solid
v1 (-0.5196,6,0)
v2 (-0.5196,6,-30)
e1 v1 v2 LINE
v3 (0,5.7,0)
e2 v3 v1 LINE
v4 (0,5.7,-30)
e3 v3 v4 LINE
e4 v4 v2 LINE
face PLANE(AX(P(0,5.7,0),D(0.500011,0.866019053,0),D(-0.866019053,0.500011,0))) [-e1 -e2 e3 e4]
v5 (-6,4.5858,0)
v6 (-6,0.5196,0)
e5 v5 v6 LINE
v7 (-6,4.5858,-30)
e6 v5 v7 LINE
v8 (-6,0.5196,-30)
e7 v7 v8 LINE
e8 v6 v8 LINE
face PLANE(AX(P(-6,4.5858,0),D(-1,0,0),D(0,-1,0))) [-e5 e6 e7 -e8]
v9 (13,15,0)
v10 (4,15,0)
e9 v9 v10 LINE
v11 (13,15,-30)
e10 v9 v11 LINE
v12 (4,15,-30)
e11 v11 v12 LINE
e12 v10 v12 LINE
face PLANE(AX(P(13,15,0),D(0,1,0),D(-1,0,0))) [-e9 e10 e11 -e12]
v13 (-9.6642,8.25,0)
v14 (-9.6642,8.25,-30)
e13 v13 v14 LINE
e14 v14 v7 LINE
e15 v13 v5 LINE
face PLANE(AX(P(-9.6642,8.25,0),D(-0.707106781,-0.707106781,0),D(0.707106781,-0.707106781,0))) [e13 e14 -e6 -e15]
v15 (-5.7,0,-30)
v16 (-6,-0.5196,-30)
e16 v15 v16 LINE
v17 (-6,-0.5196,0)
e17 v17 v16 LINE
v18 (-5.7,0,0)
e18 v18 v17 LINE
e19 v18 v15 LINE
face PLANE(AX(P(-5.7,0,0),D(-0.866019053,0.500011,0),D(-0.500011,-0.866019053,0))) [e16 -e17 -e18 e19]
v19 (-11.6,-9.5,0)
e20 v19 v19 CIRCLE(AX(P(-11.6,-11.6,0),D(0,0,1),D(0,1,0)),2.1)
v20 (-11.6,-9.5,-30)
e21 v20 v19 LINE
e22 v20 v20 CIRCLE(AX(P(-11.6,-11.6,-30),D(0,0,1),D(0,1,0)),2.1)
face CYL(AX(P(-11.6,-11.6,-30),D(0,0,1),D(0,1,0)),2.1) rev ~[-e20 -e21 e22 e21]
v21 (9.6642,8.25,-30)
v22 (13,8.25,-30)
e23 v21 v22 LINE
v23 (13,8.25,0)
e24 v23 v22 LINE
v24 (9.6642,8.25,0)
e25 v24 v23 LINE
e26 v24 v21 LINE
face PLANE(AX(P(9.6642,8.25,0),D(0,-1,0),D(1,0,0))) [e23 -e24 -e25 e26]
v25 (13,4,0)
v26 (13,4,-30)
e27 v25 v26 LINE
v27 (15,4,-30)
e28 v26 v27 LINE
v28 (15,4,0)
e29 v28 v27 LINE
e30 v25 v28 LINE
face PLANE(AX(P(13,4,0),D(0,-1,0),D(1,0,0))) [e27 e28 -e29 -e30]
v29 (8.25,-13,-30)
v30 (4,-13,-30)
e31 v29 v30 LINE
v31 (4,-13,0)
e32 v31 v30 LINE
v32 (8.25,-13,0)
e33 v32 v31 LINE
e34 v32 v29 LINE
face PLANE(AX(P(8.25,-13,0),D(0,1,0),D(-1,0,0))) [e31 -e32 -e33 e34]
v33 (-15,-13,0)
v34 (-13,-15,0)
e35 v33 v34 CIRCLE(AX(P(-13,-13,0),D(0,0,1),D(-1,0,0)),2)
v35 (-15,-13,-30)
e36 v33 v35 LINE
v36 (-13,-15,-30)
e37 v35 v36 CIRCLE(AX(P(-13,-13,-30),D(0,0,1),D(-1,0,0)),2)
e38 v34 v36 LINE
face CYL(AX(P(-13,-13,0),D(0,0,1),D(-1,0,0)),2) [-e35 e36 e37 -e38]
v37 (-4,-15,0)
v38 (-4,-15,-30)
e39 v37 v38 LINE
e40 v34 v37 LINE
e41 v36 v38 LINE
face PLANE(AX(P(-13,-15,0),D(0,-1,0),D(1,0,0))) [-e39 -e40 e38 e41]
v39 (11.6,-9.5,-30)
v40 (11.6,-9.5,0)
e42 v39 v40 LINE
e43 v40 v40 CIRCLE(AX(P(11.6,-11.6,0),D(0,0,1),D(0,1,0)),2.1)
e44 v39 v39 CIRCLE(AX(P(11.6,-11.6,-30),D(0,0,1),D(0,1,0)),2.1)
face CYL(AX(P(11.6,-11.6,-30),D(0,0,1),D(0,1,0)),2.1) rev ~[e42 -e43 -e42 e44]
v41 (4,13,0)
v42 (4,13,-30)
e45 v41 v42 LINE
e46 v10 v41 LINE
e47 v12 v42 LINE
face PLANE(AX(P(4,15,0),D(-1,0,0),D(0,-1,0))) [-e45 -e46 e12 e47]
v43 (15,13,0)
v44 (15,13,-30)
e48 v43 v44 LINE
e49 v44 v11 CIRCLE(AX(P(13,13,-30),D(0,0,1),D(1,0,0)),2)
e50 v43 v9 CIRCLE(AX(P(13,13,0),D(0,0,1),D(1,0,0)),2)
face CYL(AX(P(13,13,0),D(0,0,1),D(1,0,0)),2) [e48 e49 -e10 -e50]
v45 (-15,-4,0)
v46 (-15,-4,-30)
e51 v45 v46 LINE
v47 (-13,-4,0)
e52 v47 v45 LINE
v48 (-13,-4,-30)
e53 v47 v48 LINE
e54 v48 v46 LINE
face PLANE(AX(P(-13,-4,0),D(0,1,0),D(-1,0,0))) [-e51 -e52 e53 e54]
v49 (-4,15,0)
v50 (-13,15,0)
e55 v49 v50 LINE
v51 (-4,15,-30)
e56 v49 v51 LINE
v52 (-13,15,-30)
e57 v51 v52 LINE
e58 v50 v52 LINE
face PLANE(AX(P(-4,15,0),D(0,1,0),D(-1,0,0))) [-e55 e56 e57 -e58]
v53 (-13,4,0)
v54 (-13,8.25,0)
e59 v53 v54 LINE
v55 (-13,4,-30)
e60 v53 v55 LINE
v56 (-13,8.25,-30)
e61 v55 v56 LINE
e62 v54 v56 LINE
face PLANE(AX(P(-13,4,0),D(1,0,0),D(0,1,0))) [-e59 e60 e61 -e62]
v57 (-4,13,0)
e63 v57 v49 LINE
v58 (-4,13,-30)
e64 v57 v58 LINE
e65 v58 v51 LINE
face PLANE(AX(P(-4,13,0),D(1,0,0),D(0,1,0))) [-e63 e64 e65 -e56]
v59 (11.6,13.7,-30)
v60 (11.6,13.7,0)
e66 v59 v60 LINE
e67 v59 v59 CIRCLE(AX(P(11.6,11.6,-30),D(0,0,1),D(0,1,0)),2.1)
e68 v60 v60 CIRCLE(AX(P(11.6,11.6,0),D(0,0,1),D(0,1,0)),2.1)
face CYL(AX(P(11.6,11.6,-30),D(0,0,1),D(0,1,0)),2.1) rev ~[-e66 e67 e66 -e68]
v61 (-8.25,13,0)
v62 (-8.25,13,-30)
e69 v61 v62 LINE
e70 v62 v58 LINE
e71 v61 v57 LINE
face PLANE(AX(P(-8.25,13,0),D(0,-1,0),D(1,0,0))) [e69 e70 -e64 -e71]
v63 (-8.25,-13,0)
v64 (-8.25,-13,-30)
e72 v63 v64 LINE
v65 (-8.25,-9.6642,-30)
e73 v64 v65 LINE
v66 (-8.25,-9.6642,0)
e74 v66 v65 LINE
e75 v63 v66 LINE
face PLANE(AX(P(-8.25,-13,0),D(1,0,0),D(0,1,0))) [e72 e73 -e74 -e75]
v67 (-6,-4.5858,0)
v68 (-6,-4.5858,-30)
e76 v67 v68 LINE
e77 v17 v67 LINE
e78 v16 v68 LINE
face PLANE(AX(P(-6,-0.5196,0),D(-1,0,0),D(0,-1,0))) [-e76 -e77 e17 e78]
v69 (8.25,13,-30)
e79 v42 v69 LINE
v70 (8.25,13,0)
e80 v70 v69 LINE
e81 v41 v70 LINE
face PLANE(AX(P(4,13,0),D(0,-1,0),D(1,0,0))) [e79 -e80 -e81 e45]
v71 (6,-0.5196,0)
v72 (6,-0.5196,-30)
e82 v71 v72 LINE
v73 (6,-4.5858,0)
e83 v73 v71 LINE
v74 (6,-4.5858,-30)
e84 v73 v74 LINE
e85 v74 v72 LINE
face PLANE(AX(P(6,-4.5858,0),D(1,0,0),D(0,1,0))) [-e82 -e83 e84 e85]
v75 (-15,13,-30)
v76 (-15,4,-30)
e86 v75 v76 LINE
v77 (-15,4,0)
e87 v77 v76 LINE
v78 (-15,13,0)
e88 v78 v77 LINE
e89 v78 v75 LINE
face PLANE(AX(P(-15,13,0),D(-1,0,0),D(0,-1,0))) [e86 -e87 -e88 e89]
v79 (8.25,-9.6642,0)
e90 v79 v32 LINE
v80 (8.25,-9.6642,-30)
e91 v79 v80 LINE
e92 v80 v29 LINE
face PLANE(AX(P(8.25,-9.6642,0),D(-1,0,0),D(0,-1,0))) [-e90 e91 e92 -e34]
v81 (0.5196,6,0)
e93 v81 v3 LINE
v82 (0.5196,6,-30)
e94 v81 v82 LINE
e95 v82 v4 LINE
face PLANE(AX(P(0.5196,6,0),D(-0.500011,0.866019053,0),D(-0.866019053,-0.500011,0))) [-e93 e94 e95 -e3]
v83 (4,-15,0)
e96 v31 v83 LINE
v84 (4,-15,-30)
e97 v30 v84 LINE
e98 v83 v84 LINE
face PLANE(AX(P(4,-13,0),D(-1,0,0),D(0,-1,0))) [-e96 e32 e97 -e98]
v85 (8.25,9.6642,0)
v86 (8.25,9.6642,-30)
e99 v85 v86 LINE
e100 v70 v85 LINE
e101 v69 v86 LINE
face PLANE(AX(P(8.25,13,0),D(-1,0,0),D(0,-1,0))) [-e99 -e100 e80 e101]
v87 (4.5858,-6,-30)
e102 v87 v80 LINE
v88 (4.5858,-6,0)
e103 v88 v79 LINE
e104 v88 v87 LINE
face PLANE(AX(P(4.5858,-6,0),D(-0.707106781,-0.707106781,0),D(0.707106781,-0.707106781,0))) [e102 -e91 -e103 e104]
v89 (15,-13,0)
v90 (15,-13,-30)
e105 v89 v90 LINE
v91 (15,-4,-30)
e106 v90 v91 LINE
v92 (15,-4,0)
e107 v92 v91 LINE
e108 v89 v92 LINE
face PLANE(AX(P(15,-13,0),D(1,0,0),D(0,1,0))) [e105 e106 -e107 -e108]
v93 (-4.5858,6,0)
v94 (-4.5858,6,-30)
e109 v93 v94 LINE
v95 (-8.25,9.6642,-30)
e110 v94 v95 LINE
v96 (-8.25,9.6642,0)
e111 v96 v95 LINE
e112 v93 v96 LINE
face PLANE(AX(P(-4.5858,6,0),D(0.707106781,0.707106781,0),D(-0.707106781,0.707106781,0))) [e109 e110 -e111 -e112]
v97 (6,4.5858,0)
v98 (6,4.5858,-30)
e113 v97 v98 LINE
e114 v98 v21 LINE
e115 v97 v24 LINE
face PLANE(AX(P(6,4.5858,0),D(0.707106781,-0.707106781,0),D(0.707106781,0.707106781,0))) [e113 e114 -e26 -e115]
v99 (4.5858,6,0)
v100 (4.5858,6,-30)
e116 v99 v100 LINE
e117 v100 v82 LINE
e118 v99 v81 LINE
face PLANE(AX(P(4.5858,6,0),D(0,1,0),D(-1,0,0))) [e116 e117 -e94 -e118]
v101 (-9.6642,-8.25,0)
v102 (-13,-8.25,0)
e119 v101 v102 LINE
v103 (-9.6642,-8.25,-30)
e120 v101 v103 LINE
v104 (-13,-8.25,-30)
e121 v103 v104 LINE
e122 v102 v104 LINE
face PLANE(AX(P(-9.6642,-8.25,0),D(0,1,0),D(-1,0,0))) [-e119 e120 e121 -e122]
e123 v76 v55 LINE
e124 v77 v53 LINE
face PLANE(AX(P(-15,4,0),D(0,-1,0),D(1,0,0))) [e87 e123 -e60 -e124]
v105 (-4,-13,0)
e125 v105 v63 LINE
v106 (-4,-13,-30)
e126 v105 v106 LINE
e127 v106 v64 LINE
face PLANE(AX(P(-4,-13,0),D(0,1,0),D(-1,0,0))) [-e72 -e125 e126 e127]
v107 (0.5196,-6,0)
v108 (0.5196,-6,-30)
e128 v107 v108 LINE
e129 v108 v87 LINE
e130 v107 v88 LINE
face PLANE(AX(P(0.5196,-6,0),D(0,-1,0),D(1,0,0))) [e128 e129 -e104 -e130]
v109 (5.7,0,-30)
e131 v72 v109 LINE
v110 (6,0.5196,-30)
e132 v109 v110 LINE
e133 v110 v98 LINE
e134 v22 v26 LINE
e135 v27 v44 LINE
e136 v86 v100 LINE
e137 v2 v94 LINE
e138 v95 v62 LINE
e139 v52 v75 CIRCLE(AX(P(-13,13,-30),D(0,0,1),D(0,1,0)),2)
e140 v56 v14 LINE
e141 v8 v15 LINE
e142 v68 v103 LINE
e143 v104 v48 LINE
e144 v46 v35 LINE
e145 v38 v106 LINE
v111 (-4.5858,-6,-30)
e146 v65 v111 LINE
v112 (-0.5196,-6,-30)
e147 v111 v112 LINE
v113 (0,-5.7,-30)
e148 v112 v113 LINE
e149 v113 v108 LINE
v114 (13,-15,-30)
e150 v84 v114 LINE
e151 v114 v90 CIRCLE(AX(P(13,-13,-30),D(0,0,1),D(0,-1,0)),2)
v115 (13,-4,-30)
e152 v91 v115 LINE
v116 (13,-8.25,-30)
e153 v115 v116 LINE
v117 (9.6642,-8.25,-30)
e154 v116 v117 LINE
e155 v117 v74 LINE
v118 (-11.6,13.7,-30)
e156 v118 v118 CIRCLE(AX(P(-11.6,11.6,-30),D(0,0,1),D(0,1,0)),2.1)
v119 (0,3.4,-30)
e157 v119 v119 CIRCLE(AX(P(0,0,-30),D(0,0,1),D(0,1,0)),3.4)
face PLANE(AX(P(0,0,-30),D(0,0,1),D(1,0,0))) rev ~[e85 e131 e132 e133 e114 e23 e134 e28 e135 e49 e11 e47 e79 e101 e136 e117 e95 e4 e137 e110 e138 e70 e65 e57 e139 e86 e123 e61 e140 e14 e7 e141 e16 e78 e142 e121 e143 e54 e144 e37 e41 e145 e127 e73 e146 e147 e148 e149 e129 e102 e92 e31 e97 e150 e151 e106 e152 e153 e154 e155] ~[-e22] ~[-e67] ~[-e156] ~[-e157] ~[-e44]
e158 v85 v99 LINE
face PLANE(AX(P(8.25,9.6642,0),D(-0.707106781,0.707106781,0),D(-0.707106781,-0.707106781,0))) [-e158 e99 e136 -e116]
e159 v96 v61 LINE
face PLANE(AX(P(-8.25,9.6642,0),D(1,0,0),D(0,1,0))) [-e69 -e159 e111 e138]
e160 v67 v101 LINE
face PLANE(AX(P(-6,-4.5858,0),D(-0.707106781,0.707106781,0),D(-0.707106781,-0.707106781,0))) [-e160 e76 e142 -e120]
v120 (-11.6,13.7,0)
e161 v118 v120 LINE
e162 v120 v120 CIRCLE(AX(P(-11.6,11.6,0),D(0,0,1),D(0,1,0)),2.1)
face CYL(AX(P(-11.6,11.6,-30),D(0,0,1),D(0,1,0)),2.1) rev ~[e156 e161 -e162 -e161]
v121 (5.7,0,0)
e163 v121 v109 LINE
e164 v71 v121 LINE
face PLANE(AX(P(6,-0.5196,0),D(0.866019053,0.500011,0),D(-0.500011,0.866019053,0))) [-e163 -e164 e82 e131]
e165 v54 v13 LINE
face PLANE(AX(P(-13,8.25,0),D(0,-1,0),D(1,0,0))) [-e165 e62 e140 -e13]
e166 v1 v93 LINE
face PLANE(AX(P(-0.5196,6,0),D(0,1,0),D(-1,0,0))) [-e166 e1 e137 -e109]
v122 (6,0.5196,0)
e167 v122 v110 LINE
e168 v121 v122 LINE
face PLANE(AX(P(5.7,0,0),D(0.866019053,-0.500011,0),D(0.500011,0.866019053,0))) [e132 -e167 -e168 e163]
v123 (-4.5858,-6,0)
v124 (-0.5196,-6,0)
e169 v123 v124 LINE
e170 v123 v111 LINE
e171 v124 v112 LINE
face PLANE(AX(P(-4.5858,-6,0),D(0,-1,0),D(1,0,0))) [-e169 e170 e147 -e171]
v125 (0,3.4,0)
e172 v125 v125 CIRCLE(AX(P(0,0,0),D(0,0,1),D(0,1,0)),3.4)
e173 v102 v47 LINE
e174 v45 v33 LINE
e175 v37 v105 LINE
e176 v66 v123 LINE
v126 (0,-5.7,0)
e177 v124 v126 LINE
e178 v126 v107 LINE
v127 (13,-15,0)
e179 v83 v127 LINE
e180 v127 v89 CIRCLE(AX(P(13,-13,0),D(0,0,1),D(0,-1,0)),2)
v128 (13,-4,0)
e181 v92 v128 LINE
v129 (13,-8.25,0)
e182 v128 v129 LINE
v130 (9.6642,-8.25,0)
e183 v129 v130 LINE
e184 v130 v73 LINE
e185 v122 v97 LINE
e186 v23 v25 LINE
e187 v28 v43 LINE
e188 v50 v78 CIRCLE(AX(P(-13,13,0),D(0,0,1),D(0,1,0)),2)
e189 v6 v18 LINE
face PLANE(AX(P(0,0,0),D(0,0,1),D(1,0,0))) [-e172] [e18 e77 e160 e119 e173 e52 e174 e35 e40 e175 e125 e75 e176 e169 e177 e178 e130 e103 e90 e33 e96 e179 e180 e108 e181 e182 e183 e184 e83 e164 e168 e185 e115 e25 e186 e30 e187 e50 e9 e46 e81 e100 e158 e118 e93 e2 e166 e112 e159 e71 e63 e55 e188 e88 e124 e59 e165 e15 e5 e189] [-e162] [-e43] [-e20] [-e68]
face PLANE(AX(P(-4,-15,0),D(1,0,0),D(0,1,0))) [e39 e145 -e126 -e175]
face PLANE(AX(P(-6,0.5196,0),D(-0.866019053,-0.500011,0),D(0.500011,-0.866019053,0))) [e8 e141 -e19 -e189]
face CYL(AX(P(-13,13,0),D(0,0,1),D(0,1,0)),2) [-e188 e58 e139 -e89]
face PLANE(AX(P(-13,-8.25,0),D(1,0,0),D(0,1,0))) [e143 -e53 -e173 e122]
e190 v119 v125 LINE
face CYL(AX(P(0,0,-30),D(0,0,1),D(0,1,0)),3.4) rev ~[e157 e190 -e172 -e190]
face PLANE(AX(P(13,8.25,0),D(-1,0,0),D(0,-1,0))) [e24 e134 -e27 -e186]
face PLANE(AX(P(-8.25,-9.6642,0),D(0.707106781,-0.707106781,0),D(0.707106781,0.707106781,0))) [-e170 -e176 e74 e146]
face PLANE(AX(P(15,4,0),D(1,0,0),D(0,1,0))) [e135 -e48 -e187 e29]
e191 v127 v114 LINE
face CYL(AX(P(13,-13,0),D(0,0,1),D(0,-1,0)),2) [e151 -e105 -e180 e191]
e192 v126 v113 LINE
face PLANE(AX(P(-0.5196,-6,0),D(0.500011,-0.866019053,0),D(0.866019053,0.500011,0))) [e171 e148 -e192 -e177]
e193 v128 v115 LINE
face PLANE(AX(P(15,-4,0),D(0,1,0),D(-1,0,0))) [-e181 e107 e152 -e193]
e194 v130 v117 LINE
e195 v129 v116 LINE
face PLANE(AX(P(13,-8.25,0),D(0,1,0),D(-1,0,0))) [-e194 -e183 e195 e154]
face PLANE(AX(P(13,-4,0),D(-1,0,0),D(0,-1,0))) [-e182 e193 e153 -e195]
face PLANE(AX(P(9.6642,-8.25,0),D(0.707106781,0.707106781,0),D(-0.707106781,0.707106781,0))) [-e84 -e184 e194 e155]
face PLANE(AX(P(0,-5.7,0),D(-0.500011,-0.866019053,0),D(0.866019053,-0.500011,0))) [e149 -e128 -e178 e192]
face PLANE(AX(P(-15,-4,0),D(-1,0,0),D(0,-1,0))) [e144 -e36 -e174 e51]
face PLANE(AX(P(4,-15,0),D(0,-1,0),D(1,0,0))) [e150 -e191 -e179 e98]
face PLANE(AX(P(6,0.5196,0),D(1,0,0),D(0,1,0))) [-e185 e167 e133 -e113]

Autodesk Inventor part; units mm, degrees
sketch "Sketch_1" plane through (0, 0, 0) normal (0, 0, 1) x (1, 0, 0)
  line L0 (-15, 4) -> (-13, 4)
  line L1 (-13, 4) -> (-13, 8.25)
  line L2 (-13, 8.25) -> (-9.6642, 8.25)
  line L3 (-9.6642, 8.25) -> (-6, 4.5858)
  line L4 (-6, 4.5858) -> (-6, 0.5196)
  line L5 (-6, 0.5196) -> (-5.7, 0)
  line L6 (-5.7, 0) -> (-6, -0.5196)
  line L7 (-6, -0.5196) -> (-6, -4.5858)
  line L8 (-6, -4.5858) -> (-9.6642, -8.25)
  line L9 (-9.6642, -8.25) -> (-13, -8.25)
  line L10 (-13, -8.25) -> (-13, -4)
  line L11 (-13, -4) -> (-15, -4)
  line L12 (-15, -4) -> (-15, -13)
  arc A0 (-15, -13) -> (-13, -15) centre (-13, -13) ccw
  line L13 (-13, -15) -> (-4, -15)
  line L14 (-4, -15) -> (-4, -13)
  line L15 (-4, -13) -> (-8.25, -13)
  line L16 (-8.25, -13) -> (-8.25, -9.6642)
  line L17 (-8.25, -9.6642) -> (-4.5858, -6)
  line L18 (-4.5858, -6) -> (-0.5196, -6)
  line L19 (-0.5196, -6) -> (0, -5.7)
  line L20 (0, -5.7) -> (0.5196, -6)
  line L21 (0.5196, -6) -> (4.5858, -6)
  line L22 (4.5858, -6) -> (8.25, -9.6642)
  line L23 (8.25, -9.6642) -> (8.25, -13)
  line L24 (8.25, -13) -> (4, -13)
  line L25 (4, -13) -> (4, -15)
  line L26 (4, -15) -> (13, -15)
  arc A1 (13, -15) -> (15, -13) centre (13, -13) ccw
  line L27 (15, -13) -> (15, -4)
  line L28 (15, -4) -> (13, -4)
  line L29 (13, -4) -> (13, -8.25)
  line L30 (13, -8.25) -> (9.6642, -8.25)
  line L31 (9.6642, -8.25) -> (6, -4.5858)
  line L32 (6, -4.5858) -> (6, -0.5196)
  line L33 (6, -0.5196) -> (5.7, 0)
  line L34 (5.7, 0) -> (6, 0.5196)
  line L35 (6, 0.5196) -> (6, 4.5858)
  line L36 (6, 4.5858) -> (9.6642, 8.25)
  line L37 (9.6642, 8.25) -> (13, 8.25)
  line L38 (13, 8.25) -> (13, 4)
  line L39 (13, 4) -> (15, 4)
  line L40 (15, 4) -> (15, 13)
  arc A2 (15, 13) -> (13, 15) centre (13, 13) ccw
  line L41 (13, 15) -> (4, 15)
  line L42 (4, 15) -> (4, 13)
  line L43 (4, 13) -> (8.25, 13)
  line L44 (8.25, 13) -> (8.25, 9.6642)
  line L45 (8.25, 9.6642) -> (4.5858, 6)
  line L46 (4.5858, 6) -> (0.5196, 6)
  line L47 (0.5196, 6) -> (0, 5.7)
  line L48 (0, 5.7) -> (-0.5196, 6)
  line L49 (-0.5196, 6) -> (-4.5858, 6)
  line L50 (-4.5858, 6) -> (-8.25, 9.6642)
  line L51 (-8.25, 9.6642) -> (-8.25, 13)
  line L52 (-8.25, 13) -> (-4, 13)
  line L53 (-4, 13) -> (-4, 15)
  line L54 (-4, 15) -> (-13, 15)
  arc A3 (-13, 15) -> (-15, 13) centre (-13, 13) ccw
  line L55 (-15, 13) -> (-15, 4)
extrude "Extrusion1" add sketch "Sketch_1" against normal blind 30
sketch "Sketch2" plane through (0, 0, -30) normal (0, 0, -1) x (-1, 0, 0)
  point P0 (0, 0)
hole "Hole1" at (0, 0, -30) direction (0, 0, 1) diameter 6.8 depth 140
sketch "Sketch3" plane through (0, 0, -30) normal (0, 0, -1) x (-1, 0, 0)
  point P0 (-11.6, 11.6)
hole "Hole2" at (11.6, 11.6, -30) direction (0, 0, 1) diameter 4.2 depth 140
pattern_linear "Rectangular Pattern1" count 2 spacing 23.2 along (-1, 0, 0) count 2 spacing 23.2 along (0, -1, 0) of "Hole2"
ref_plane "C1_XY" through (0, 0, 0) normal (0, 0, 1) x (1, 0, 0)
ref_plane "C1_YZ" through (0, 0, 0) normal (1, 0, 0) x (0, 1, 0)
ref_plane "C1_ZX" through (0, 0, 0) normal (0, 1, 0) x (0, 0, 1)
ref_plane "to_frame_cap1_XY" through (0, 0, 0) normal (0, 0, 1) x (1, 0, 0)
ref_plane "to_frame_cap1_YZ" through (0, 0, 0) normal (1, 0, 0) x (0, 1, 0)
ref_plane "to_frame_cap1_ZX" through (0, 0, 0) normal (0, 1, 0) x (0, 0, 1)
ref_plane "to_frame_cap2_XY" through (0, 0, -140) normal (0, 0, -1) x (1, 0, 0)
ref_plane "to_frame_cap2_YZ" through (0, 0, -140) normal (1, 0, 0) x (0, -1, 0)
ref_plane "to_frame_cap2_ZX" through (0, 0, -140) normal (0, -1, 0) x (0, 0, -1)
properties part number "HFS6-3030-30"
